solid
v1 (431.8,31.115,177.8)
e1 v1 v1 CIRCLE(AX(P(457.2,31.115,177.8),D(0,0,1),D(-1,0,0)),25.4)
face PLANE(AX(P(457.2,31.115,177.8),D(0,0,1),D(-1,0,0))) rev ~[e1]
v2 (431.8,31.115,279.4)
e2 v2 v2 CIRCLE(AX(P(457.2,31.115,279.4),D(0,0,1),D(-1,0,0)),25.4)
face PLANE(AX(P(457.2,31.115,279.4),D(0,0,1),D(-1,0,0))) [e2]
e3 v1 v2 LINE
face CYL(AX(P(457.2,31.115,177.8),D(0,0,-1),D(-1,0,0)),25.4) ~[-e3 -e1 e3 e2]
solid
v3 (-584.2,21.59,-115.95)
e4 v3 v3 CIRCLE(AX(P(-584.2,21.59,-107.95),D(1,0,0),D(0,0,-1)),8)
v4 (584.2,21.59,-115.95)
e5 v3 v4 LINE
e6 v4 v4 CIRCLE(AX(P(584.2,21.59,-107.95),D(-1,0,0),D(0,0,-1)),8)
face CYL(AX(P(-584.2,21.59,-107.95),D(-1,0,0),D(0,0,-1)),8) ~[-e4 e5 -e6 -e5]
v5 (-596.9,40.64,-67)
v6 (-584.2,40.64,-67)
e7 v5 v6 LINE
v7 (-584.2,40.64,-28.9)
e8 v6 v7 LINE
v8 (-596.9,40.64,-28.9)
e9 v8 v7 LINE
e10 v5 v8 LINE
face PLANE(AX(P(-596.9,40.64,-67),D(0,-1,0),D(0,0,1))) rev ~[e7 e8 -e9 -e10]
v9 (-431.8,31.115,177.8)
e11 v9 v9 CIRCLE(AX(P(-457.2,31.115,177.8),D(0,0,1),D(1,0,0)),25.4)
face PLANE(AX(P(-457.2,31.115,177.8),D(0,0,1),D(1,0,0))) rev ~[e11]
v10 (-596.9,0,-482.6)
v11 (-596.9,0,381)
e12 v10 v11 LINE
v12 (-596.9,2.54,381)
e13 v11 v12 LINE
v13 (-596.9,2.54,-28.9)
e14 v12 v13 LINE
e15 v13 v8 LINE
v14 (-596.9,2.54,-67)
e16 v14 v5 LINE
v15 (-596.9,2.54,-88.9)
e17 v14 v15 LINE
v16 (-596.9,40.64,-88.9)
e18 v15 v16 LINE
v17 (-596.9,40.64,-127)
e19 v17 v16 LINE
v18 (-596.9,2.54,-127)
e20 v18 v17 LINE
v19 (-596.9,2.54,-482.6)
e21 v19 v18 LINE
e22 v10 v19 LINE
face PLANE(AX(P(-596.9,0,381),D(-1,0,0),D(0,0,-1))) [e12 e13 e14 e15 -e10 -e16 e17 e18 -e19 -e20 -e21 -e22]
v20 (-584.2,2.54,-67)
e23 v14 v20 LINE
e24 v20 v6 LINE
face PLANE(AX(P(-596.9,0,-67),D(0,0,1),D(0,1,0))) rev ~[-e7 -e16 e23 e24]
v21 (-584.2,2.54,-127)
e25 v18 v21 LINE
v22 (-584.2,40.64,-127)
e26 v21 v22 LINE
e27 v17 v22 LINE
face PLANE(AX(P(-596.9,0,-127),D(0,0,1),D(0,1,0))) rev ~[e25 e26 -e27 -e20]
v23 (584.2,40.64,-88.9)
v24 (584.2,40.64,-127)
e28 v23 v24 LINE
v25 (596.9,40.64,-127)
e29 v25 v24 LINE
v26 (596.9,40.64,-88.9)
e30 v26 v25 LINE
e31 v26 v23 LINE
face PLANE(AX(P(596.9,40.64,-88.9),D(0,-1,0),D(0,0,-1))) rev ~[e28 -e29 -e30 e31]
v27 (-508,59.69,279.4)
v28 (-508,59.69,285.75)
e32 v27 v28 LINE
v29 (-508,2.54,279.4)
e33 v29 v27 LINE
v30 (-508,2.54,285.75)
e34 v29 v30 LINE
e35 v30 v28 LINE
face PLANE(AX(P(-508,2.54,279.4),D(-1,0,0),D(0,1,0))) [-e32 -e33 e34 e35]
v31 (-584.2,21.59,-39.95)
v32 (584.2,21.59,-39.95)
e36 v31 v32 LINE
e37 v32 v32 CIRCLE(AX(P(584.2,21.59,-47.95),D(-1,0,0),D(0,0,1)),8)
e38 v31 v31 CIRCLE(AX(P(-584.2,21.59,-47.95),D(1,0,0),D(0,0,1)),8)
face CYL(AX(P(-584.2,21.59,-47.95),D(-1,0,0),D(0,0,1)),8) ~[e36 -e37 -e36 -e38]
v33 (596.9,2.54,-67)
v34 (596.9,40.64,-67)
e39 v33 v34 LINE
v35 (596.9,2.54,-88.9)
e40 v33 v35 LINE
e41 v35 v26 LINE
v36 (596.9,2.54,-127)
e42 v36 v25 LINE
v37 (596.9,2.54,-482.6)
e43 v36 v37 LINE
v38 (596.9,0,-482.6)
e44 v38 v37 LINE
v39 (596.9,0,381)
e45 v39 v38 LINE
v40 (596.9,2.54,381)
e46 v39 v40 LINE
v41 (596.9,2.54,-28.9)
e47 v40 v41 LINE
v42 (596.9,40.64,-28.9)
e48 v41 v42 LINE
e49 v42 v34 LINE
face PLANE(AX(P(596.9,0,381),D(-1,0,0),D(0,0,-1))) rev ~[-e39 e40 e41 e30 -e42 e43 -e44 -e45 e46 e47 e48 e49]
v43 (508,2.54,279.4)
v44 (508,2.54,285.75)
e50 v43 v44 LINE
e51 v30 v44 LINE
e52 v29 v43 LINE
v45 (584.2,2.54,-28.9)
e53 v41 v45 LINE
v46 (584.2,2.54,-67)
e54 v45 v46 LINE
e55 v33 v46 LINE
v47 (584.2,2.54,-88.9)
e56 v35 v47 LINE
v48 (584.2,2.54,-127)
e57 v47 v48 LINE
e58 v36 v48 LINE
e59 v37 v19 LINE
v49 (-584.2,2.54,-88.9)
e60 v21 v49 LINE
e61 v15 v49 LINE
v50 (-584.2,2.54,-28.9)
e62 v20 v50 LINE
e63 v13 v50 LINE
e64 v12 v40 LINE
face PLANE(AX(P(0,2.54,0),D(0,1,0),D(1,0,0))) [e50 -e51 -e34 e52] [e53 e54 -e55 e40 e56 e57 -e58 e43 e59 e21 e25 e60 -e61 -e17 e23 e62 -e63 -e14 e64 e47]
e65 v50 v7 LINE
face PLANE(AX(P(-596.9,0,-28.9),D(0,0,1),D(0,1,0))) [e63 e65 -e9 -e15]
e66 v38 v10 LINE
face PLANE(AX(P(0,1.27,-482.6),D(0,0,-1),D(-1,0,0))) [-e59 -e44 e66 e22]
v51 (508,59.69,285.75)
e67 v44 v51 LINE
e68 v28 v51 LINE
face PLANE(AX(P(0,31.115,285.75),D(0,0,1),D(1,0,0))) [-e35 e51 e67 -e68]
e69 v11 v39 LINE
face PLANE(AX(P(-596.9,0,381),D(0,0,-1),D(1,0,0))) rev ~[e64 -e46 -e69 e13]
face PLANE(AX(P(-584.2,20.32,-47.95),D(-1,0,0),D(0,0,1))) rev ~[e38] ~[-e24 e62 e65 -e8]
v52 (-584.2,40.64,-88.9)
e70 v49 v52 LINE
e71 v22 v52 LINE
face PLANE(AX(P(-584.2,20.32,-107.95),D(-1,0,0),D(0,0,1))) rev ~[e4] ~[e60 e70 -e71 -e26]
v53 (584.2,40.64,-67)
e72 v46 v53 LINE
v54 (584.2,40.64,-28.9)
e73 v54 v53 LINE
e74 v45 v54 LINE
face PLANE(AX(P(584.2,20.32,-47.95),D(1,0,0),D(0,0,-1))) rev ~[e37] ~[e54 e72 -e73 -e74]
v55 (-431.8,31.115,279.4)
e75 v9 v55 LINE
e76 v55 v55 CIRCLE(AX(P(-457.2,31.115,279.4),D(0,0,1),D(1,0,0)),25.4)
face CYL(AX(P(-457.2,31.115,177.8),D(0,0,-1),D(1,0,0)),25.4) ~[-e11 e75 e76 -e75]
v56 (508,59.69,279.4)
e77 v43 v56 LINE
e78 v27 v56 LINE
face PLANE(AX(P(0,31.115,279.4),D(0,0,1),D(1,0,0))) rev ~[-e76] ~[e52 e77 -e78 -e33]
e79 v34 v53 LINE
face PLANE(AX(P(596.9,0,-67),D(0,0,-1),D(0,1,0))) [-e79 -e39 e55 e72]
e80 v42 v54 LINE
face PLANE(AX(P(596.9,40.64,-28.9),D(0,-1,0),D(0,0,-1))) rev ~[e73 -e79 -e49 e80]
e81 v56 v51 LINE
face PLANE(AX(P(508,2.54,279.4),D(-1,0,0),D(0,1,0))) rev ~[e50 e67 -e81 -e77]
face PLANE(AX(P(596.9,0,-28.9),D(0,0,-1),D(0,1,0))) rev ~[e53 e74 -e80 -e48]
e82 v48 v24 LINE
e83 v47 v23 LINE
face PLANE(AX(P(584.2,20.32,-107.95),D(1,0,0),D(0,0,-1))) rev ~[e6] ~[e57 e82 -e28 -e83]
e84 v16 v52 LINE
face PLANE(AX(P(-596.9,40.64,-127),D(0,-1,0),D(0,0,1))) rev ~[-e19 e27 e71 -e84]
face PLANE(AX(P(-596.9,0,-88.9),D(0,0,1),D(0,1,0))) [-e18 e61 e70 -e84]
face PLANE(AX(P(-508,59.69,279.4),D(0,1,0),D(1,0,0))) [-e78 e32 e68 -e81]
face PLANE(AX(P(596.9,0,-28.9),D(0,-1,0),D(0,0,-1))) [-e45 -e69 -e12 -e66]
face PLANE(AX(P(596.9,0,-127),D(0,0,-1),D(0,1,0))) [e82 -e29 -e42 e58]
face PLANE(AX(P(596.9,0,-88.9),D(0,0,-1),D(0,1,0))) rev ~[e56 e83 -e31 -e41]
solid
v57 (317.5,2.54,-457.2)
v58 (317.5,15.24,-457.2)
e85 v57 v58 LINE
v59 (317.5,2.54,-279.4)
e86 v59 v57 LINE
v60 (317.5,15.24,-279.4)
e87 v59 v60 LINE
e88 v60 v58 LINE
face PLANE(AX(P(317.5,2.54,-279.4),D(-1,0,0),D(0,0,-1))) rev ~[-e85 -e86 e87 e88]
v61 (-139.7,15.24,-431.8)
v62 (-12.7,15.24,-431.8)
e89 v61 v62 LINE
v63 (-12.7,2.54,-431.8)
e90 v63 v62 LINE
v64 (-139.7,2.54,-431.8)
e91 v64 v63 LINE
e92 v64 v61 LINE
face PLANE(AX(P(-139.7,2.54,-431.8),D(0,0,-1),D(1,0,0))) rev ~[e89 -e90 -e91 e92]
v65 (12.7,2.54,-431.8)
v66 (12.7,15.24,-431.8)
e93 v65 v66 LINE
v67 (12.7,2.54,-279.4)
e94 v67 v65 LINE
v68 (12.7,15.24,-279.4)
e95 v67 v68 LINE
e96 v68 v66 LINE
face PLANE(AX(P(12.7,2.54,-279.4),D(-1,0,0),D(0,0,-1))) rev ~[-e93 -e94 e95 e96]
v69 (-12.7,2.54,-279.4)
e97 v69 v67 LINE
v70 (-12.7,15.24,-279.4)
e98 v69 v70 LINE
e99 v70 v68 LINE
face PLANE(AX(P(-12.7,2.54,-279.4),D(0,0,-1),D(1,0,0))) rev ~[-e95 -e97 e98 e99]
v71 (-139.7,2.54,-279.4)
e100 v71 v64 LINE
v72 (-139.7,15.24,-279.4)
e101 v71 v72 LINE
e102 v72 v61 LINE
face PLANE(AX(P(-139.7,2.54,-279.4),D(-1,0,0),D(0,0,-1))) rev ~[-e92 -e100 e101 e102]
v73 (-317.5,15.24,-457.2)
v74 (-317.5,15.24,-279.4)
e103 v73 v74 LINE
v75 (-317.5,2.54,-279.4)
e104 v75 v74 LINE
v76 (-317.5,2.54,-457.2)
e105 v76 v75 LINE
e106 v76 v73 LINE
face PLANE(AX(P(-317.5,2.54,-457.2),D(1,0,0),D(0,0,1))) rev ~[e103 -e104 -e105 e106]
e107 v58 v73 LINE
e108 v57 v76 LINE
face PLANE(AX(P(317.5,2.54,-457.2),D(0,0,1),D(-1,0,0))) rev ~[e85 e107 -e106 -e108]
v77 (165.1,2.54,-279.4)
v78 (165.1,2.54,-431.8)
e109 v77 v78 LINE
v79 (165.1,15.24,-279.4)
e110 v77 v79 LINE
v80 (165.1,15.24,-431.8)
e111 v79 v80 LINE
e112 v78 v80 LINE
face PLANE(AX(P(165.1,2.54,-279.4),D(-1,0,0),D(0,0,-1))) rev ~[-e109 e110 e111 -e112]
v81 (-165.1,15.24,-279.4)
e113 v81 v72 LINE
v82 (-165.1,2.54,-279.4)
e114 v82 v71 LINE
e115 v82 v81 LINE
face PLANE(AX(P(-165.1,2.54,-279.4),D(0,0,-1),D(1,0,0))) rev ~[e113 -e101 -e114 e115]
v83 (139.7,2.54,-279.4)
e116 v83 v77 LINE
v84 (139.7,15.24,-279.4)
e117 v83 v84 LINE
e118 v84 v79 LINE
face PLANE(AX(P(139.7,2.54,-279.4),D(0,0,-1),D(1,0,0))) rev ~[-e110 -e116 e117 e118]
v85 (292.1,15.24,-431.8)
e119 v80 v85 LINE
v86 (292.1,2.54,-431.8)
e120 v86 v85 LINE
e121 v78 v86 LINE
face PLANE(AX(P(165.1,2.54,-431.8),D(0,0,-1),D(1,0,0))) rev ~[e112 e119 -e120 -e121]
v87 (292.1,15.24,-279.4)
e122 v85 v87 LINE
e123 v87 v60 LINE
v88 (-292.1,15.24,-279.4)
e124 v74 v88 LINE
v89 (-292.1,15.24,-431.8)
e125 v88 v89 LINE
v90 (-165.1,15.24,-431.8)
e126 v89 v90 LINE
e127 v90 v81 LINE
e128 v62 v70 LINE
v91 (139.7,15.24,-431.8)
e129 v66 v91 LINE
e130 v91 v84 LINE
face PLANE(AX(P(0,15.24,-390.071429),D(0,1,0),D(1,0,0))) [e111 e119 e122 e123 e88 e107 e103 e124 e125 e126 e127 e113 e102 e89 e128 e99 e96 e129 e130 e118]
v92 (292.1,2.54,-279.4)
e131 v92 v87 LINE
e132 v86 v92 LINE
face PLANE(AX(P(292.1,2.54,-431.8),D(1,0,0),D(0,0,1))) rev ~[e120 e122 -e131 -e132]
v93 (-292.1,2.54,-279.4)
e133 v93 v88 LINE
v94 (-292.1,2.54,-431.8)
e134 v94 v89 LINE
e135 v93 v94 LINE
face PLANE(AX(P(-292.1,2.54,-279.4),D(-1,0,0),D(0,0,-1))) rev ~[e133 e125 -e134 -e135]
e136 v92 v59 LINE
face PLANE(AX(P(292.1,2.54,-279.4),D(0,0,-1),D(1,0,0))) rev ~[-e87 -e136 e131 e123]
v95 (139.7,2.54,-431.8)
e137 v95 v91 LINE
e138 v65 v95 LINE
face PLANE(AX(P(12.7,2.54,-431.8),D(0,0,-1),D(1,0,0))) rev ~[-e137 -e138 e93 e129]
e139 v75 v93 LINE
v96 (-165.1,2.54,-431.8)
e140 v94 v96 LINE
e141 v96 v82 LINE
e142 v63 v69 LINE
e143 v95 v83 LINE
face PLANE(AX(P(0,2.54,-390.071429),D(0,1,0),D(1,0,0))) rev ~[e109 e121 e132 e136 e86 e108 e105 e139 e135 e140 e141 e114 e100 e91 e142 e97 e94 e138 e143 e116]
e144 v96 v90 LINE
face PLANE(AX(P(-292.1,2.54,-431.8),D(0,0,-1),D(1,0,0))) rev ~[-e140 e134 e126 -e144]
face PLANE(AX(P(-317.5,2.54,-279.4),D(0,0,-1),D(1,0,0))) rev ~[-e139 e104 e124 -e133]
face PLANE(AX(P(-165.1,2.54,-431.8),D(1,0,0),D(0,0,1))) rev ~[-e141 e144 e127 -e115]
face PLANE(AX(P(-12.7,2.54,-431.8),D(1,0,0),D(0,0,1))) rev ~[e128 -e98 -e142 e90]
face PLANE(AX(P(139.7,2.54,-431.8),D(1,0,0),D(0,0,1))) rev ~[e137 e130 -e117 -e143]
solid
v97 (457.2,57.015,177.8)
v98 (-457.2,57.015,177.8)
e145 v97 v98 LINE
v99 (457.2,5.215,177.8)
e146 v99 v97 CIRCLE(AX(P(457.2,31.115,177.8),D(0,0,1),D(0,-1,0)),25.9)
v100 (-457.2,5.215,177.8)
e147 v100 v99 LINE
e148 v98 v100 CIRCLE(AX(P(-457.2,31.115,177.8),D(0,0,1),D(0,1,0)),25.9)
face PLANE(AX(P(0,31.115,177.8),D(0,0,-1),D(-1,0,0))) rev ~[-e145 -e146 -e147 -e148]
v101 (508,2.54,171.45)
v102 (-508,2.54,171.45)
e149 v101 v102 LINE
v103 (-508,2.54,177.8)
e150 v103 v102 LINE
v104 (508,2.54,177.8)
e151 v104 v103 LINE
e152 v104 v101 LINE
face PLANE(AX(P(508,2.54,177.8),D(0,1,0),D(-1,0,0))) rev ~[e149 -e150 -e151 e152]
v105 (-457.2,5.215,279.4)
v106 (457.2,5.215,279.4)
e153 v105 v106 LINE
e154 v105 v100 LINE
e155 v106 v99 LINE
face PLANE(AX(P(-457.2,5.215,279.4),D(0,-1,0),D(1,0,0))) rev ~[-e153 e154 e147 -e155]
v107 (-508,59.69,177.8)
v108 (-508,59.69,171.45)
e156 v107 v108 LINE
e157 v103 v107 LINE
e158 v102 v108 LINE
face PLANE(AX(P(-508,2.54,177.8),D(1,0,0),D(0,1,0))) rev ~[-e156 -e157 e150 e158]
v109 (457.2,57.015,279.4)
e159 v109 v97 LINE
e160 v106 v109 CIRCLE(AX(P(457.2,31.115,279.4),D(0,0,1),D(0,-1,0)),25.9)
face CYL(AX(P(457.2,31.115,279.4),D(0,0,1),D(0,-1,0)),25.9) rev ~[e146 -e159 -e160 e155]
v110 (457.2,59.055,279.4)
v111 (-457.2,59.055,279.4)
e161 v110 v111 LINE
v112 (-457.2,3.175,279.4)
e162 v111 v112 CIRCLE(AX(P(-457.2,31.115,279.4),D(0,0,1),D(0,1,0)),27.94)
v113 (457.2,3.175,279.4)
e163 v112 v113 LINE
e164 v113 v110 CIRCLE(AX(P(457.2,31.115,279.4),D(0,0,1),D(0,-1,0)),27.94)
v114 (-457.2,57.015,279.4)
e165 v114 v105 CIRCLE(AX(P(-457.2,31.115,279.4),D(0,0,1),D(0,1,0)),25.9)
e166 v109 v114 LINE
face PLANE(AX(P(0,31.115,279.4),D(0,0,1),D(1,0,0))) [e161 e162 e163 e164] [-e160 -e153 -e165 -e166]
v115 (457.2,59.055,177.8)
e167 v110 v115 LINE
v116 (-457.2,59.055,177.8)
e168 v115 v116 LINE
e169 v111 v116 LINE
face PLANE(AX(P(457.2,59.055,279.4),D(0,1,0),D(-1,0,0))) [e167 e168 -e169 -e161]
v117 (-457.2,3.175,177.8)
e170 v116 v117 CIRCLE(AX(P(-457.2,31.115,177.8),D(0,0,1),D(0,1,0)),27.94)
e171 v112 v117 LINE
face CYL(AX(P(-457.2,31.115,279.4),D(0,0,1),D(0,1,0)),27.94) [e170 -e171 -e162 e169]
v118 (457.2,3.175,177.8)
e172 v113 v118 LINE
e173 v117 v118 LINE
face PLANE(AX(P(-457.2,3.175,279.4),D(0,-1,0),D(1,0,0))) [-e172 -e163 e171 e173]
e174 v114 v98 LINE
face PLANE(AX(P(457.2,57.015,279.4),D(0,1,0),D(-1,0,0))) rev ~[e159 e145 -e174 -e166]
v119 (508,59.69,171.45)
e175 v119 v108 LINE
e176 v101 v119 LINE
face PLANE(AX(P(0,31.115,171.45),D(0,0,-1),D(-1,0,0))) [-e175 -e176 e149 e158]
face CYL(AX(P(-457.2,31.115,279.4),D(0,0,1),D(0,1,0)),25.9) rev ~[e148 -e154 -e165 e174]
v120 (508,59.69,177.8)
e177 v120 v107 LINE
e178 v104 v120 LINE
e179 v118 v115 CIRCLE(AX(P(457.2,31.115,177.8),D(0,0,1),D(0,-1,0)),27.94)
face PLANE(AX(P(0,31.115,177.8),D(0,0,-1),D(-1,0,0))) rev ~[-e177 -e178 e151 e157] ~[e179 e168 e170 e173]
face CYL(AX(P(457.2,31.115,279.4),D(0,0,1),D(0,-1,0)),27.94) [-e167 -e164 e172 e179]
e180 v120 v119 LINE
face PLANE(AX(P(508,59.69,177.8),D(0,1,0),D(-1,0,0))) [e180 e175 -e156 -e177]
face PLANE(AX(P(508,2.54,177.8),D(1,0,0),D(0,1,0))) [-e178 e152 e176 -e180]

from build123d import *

# Parameters (mm, degrees)
SKETCH1_W                  = 1193.8
SKETCH1_H                  = 762
BOSS_EXTRUDE1_DEPTH        = 2.54
SKETCH2_W                  = 38.1
SKETCH2_H                  = 40.64
BOSS_EXTRUDE2_DEPTH        = 12.7
SKETCH3_W                  = 38.1
SKETCH3_H                  = 40.64
BOSS_EXTRUDE3_DEPTH        = 12.7
BOSS_EXTRUDE4_REACH        = 1243.696
SKETCH4_R                  = 8
BOSS_EXTRUDE5_DEPTH        = 50.8
BOSS_EXTRUDE5_DEPTH_BACK   = 50.8
SKETCH5_R                  = 25.4
BOSS_EXTRUDE5_2_DEPTH      = 50.8
BOSS_EXTRUDE5_2_DEPTH_BACK = 50.8
SKETCH6_W                  = 1016
SKETCH6_H                  = 57.15
BOSS_EXTRUDE6_DEPTH        = 6.35
BOSS_EXTRUDE8_DEPTH        = 101.6
SKETCH7_W                  = 1016
SKETCH7_H                  = 57.15
BOSS_EXTRUDE7_DEPTH        = 6.35
SKETCH12_W                 = 1193.8
SKETCH12_H                 = 2.54
BOSS_EXTRUDE9_DEPTH        = 101.6
BOSS_EXTRUDE10_DEPTH       = 12.7


with BuildPart() as part:
    # Sketch1 → Boss-Extrude1 (new body)
    with BuildSketch(Plane(origin=(0, 0, 0), x_dir=(1, 0, 0), z_dir=(0, 1, 0))):
        Rectangle(SKETCH1_W, SKETCH1_H)
    extrude(amount=BOSS_EXTRUDE1_DEPTH)

    # Sketch2 → Boss-Extrude2 (add)
    with BuildSketch(Plane.ZY.offset(596.9)):
        with Locations((-107.95, 20.32)):
            Rectangle(SKETCH2_W, SKETCH2_H)
        with Locations((-47.95, 20.32)):
            Rectangle(SKETCH2_W, SKETCH2_H)
    extrude(amount=-BOSS_EXTRUDE2_DEPTH)

    # Sketch3 → Boss-Extrude3 (add)
    with BuildSketch(Plane(origin=(596.9, 0, 0), x_dir=(0, 0, -1), z_dir=(1, 0, 0))):
        with Locations((47.95, 20.32)):
            Rectangle(SKETCH3_W, SKETCH3_H)
        with Locations((107.95, 20.32)):
            Rectangle(SKETCH3_W, SKETCH3_H)
    extrude(amount=-BOSS_EXTRUDE3_DEPTH)

    # Sketch4 → Boss-Extrude4 (add, up to next)
    with BuildSketch(Plane(origin=(-584.2, 0, 0), x_dir=(0, 0, -1), z_dir=(1, 0, 0)), mode=Mode.PRIVATE) as boss_extrude4_sk1:
        with Locations(Location((47.95, 21.59, 0), (0, 0, 180))):
            Circle(SKETCH4_R)
    boss_extrude4_tool1 = extrude(boss_extrude4_sk1.sketch, amount=BOSS_EXTRUDE4_REACH, mode=Mode.PRIVATE) - part.part
    # Sketch4 → Boss-Extrude4 (add, up to next)
    with BuildSketch(Plane(origin=(-584.2, 0, 0), x_dir=(0, 0, -1), z_dir=(1, 0, 0)), mode=Mode.PRIVATE) as boss_extrude4_sk2:
        with Locations((107.95, 21.59)):
            Circle(SKETCH4_R)
    boss_extrude4_tool2 = extrude(boss_extrude4_sk2.sketch, amount=BOSS_EXTRUDE4_REACH, mode=Mode.PRIVATE) - part.part
    add(boss_extrude4_tool1.solids().sort_by_distance((-584.2, 21.59, -47.95))[0])
    add(boss_extrude4_tool2.solids().sort_by_distance((-584.2, 21.59, -107.95))[0])



with BuildPart() as body_2:
    # Sketch5 → Boss-Extrude5 (new, two sides: drawn at the far end of the back side and taken through both)
    with BuildSketch(Plane.XY.offset(228.6).offset(-BOSS_EXTRUDE5_DEPTH_BACK)):
        with Locations((-457.2, 31.115)):
            Circle(SKETCH5_R)
    extrude(amount=BOSS_EXTRUDE5_DEPTH + BOSS_EXTRUDE5_DEPTH_BACK)


with BuildPart() as body_3:
    # Sketch5 → Boss-Extrude5 2 (new, two sides: drawn at the far end of the back side and taken through both)
    with BuildSketch(Plane.XY.offset(228.6).offset(-BOSS_EXTRUDE5_2_DEPTH_BACK)):
        with Locations(Location((457.2, 31.115, 0), (0, 0, 180))):
            Circle(SKETCH5_R)
    extrude(amount=BOSS_EXTRUDE5_2_DEPTH + BOSS_EXTRUDE5_2_DEPTH_BACK)


with BuildPart() as part_1:
    add(part.part)

    add(body_2.part)  # Boss-Extrude6 merges body 2
    # Sketch6 → Boss-Extrude6 (add)
    with BuildSketch(Plane.XY.offset(279.4)):
        with Locations((0, 31.115)):
            Rectangle(SKETCH6_W, SKETCH6_H)
    extrude(amount=BOSS_EXTRUDE6_DEPTH)


with BuildPart() as body_3_2:
    # Sketch11 → Boss-Extrude8 (new body)
    with BuildSketch(Plane(origin=(0, 0, 279.4), x_dir=(-1, 0, 0), z_dir=(0, 0, -1))):
        with BuildLine():
            Line((-457.2, 59.055), (457.2, 59.055))
            ThreePointArc((457.2, 59.055), (485.14, 31.115), (457.2, 3.175))
            Line((457.2, 3.175), (-457.2, 3.175))
            ThreePointArc((-457.2, 3.175), (-485.14, 31.115), (-457.2, 59.055))
        make_face()
        with BuildLine():
            Line((-457.2, 57.015), (457.2, 57.015))
            ThreePointArc((457.2, 57.015), (483.1, 31.115), (457.2, 5.215))
            Line((457.2, 5.215), (-457.2, 5.215))
            ThreePointArc((-457.2, 5.215), (-483.1, 31.115), (-457.2, 57.015))
        make_face(mode=Mode.SUBTRACT)
    extrude(amount=BOSS_EXTRUDE8_DEPTH)

    # Sketch7 → Boss-Extrude7 (add)
    with BuildSketch(Plane(origin=(0, 0, 177.8), x_dir=(-1, 0, 0), z_dir=(0, 0, -1))):
        with Locations((0, 31.115)):
            Rectangle(SKETCH7_W, SKETCH7_H)
    extrude(amount=BOSS_EXTRUDE7_DEPTH)


with BuildPart() as body_4:
    # Sketch12 → Boss-Extrude9 (new body)
    with BuildSketch(Plane(origin=(0, 0, -381), x_dir=(-1, 0, 0), z_dir=(0, 0, -1))):
        with Locations((0, 1.27)):
            Rectangle(SKETCH12_W, SKETCH12_H)
    extrude(amount=BOSS_EXTRUDE9_DEPTH)

    # Combine1: union part
    add(part_1.part)


with BuildPart() as body_5:
    # Sketch13 → Boss-Extrude10 (new body)
    with BuildSketch(Plane(origin=(0, 2.54, 0), x_dir=(1, 0, 0), z_dir=(0, 1, 0))):
        Polygon((317.5, 279.4), (317.5, 457.2), (-317.5, 457.2), (-317.5, 279.4), (-292.1, 279.4), (-292.1, 431.8), (-165.1, 431.8), (-165.1, 279.4), (-139.7, 279.4), (-139.7, 431.8), (-12.7, 431.8), (-12.7, 279.4), (12.7, 279.4), (12.7, 431.8), (139.7, 431.8), (139.7, 279.4), (165.1, 279.4), (165.1, 431.8), (292.1, 431.8), (292.1, 279.4), align=None)
    extrude(amount=BOSS_EXTRUDE10_DEPTH)


solid = Compound([body_3.part, body_3_2.part, body_4.part, body_5.part])
